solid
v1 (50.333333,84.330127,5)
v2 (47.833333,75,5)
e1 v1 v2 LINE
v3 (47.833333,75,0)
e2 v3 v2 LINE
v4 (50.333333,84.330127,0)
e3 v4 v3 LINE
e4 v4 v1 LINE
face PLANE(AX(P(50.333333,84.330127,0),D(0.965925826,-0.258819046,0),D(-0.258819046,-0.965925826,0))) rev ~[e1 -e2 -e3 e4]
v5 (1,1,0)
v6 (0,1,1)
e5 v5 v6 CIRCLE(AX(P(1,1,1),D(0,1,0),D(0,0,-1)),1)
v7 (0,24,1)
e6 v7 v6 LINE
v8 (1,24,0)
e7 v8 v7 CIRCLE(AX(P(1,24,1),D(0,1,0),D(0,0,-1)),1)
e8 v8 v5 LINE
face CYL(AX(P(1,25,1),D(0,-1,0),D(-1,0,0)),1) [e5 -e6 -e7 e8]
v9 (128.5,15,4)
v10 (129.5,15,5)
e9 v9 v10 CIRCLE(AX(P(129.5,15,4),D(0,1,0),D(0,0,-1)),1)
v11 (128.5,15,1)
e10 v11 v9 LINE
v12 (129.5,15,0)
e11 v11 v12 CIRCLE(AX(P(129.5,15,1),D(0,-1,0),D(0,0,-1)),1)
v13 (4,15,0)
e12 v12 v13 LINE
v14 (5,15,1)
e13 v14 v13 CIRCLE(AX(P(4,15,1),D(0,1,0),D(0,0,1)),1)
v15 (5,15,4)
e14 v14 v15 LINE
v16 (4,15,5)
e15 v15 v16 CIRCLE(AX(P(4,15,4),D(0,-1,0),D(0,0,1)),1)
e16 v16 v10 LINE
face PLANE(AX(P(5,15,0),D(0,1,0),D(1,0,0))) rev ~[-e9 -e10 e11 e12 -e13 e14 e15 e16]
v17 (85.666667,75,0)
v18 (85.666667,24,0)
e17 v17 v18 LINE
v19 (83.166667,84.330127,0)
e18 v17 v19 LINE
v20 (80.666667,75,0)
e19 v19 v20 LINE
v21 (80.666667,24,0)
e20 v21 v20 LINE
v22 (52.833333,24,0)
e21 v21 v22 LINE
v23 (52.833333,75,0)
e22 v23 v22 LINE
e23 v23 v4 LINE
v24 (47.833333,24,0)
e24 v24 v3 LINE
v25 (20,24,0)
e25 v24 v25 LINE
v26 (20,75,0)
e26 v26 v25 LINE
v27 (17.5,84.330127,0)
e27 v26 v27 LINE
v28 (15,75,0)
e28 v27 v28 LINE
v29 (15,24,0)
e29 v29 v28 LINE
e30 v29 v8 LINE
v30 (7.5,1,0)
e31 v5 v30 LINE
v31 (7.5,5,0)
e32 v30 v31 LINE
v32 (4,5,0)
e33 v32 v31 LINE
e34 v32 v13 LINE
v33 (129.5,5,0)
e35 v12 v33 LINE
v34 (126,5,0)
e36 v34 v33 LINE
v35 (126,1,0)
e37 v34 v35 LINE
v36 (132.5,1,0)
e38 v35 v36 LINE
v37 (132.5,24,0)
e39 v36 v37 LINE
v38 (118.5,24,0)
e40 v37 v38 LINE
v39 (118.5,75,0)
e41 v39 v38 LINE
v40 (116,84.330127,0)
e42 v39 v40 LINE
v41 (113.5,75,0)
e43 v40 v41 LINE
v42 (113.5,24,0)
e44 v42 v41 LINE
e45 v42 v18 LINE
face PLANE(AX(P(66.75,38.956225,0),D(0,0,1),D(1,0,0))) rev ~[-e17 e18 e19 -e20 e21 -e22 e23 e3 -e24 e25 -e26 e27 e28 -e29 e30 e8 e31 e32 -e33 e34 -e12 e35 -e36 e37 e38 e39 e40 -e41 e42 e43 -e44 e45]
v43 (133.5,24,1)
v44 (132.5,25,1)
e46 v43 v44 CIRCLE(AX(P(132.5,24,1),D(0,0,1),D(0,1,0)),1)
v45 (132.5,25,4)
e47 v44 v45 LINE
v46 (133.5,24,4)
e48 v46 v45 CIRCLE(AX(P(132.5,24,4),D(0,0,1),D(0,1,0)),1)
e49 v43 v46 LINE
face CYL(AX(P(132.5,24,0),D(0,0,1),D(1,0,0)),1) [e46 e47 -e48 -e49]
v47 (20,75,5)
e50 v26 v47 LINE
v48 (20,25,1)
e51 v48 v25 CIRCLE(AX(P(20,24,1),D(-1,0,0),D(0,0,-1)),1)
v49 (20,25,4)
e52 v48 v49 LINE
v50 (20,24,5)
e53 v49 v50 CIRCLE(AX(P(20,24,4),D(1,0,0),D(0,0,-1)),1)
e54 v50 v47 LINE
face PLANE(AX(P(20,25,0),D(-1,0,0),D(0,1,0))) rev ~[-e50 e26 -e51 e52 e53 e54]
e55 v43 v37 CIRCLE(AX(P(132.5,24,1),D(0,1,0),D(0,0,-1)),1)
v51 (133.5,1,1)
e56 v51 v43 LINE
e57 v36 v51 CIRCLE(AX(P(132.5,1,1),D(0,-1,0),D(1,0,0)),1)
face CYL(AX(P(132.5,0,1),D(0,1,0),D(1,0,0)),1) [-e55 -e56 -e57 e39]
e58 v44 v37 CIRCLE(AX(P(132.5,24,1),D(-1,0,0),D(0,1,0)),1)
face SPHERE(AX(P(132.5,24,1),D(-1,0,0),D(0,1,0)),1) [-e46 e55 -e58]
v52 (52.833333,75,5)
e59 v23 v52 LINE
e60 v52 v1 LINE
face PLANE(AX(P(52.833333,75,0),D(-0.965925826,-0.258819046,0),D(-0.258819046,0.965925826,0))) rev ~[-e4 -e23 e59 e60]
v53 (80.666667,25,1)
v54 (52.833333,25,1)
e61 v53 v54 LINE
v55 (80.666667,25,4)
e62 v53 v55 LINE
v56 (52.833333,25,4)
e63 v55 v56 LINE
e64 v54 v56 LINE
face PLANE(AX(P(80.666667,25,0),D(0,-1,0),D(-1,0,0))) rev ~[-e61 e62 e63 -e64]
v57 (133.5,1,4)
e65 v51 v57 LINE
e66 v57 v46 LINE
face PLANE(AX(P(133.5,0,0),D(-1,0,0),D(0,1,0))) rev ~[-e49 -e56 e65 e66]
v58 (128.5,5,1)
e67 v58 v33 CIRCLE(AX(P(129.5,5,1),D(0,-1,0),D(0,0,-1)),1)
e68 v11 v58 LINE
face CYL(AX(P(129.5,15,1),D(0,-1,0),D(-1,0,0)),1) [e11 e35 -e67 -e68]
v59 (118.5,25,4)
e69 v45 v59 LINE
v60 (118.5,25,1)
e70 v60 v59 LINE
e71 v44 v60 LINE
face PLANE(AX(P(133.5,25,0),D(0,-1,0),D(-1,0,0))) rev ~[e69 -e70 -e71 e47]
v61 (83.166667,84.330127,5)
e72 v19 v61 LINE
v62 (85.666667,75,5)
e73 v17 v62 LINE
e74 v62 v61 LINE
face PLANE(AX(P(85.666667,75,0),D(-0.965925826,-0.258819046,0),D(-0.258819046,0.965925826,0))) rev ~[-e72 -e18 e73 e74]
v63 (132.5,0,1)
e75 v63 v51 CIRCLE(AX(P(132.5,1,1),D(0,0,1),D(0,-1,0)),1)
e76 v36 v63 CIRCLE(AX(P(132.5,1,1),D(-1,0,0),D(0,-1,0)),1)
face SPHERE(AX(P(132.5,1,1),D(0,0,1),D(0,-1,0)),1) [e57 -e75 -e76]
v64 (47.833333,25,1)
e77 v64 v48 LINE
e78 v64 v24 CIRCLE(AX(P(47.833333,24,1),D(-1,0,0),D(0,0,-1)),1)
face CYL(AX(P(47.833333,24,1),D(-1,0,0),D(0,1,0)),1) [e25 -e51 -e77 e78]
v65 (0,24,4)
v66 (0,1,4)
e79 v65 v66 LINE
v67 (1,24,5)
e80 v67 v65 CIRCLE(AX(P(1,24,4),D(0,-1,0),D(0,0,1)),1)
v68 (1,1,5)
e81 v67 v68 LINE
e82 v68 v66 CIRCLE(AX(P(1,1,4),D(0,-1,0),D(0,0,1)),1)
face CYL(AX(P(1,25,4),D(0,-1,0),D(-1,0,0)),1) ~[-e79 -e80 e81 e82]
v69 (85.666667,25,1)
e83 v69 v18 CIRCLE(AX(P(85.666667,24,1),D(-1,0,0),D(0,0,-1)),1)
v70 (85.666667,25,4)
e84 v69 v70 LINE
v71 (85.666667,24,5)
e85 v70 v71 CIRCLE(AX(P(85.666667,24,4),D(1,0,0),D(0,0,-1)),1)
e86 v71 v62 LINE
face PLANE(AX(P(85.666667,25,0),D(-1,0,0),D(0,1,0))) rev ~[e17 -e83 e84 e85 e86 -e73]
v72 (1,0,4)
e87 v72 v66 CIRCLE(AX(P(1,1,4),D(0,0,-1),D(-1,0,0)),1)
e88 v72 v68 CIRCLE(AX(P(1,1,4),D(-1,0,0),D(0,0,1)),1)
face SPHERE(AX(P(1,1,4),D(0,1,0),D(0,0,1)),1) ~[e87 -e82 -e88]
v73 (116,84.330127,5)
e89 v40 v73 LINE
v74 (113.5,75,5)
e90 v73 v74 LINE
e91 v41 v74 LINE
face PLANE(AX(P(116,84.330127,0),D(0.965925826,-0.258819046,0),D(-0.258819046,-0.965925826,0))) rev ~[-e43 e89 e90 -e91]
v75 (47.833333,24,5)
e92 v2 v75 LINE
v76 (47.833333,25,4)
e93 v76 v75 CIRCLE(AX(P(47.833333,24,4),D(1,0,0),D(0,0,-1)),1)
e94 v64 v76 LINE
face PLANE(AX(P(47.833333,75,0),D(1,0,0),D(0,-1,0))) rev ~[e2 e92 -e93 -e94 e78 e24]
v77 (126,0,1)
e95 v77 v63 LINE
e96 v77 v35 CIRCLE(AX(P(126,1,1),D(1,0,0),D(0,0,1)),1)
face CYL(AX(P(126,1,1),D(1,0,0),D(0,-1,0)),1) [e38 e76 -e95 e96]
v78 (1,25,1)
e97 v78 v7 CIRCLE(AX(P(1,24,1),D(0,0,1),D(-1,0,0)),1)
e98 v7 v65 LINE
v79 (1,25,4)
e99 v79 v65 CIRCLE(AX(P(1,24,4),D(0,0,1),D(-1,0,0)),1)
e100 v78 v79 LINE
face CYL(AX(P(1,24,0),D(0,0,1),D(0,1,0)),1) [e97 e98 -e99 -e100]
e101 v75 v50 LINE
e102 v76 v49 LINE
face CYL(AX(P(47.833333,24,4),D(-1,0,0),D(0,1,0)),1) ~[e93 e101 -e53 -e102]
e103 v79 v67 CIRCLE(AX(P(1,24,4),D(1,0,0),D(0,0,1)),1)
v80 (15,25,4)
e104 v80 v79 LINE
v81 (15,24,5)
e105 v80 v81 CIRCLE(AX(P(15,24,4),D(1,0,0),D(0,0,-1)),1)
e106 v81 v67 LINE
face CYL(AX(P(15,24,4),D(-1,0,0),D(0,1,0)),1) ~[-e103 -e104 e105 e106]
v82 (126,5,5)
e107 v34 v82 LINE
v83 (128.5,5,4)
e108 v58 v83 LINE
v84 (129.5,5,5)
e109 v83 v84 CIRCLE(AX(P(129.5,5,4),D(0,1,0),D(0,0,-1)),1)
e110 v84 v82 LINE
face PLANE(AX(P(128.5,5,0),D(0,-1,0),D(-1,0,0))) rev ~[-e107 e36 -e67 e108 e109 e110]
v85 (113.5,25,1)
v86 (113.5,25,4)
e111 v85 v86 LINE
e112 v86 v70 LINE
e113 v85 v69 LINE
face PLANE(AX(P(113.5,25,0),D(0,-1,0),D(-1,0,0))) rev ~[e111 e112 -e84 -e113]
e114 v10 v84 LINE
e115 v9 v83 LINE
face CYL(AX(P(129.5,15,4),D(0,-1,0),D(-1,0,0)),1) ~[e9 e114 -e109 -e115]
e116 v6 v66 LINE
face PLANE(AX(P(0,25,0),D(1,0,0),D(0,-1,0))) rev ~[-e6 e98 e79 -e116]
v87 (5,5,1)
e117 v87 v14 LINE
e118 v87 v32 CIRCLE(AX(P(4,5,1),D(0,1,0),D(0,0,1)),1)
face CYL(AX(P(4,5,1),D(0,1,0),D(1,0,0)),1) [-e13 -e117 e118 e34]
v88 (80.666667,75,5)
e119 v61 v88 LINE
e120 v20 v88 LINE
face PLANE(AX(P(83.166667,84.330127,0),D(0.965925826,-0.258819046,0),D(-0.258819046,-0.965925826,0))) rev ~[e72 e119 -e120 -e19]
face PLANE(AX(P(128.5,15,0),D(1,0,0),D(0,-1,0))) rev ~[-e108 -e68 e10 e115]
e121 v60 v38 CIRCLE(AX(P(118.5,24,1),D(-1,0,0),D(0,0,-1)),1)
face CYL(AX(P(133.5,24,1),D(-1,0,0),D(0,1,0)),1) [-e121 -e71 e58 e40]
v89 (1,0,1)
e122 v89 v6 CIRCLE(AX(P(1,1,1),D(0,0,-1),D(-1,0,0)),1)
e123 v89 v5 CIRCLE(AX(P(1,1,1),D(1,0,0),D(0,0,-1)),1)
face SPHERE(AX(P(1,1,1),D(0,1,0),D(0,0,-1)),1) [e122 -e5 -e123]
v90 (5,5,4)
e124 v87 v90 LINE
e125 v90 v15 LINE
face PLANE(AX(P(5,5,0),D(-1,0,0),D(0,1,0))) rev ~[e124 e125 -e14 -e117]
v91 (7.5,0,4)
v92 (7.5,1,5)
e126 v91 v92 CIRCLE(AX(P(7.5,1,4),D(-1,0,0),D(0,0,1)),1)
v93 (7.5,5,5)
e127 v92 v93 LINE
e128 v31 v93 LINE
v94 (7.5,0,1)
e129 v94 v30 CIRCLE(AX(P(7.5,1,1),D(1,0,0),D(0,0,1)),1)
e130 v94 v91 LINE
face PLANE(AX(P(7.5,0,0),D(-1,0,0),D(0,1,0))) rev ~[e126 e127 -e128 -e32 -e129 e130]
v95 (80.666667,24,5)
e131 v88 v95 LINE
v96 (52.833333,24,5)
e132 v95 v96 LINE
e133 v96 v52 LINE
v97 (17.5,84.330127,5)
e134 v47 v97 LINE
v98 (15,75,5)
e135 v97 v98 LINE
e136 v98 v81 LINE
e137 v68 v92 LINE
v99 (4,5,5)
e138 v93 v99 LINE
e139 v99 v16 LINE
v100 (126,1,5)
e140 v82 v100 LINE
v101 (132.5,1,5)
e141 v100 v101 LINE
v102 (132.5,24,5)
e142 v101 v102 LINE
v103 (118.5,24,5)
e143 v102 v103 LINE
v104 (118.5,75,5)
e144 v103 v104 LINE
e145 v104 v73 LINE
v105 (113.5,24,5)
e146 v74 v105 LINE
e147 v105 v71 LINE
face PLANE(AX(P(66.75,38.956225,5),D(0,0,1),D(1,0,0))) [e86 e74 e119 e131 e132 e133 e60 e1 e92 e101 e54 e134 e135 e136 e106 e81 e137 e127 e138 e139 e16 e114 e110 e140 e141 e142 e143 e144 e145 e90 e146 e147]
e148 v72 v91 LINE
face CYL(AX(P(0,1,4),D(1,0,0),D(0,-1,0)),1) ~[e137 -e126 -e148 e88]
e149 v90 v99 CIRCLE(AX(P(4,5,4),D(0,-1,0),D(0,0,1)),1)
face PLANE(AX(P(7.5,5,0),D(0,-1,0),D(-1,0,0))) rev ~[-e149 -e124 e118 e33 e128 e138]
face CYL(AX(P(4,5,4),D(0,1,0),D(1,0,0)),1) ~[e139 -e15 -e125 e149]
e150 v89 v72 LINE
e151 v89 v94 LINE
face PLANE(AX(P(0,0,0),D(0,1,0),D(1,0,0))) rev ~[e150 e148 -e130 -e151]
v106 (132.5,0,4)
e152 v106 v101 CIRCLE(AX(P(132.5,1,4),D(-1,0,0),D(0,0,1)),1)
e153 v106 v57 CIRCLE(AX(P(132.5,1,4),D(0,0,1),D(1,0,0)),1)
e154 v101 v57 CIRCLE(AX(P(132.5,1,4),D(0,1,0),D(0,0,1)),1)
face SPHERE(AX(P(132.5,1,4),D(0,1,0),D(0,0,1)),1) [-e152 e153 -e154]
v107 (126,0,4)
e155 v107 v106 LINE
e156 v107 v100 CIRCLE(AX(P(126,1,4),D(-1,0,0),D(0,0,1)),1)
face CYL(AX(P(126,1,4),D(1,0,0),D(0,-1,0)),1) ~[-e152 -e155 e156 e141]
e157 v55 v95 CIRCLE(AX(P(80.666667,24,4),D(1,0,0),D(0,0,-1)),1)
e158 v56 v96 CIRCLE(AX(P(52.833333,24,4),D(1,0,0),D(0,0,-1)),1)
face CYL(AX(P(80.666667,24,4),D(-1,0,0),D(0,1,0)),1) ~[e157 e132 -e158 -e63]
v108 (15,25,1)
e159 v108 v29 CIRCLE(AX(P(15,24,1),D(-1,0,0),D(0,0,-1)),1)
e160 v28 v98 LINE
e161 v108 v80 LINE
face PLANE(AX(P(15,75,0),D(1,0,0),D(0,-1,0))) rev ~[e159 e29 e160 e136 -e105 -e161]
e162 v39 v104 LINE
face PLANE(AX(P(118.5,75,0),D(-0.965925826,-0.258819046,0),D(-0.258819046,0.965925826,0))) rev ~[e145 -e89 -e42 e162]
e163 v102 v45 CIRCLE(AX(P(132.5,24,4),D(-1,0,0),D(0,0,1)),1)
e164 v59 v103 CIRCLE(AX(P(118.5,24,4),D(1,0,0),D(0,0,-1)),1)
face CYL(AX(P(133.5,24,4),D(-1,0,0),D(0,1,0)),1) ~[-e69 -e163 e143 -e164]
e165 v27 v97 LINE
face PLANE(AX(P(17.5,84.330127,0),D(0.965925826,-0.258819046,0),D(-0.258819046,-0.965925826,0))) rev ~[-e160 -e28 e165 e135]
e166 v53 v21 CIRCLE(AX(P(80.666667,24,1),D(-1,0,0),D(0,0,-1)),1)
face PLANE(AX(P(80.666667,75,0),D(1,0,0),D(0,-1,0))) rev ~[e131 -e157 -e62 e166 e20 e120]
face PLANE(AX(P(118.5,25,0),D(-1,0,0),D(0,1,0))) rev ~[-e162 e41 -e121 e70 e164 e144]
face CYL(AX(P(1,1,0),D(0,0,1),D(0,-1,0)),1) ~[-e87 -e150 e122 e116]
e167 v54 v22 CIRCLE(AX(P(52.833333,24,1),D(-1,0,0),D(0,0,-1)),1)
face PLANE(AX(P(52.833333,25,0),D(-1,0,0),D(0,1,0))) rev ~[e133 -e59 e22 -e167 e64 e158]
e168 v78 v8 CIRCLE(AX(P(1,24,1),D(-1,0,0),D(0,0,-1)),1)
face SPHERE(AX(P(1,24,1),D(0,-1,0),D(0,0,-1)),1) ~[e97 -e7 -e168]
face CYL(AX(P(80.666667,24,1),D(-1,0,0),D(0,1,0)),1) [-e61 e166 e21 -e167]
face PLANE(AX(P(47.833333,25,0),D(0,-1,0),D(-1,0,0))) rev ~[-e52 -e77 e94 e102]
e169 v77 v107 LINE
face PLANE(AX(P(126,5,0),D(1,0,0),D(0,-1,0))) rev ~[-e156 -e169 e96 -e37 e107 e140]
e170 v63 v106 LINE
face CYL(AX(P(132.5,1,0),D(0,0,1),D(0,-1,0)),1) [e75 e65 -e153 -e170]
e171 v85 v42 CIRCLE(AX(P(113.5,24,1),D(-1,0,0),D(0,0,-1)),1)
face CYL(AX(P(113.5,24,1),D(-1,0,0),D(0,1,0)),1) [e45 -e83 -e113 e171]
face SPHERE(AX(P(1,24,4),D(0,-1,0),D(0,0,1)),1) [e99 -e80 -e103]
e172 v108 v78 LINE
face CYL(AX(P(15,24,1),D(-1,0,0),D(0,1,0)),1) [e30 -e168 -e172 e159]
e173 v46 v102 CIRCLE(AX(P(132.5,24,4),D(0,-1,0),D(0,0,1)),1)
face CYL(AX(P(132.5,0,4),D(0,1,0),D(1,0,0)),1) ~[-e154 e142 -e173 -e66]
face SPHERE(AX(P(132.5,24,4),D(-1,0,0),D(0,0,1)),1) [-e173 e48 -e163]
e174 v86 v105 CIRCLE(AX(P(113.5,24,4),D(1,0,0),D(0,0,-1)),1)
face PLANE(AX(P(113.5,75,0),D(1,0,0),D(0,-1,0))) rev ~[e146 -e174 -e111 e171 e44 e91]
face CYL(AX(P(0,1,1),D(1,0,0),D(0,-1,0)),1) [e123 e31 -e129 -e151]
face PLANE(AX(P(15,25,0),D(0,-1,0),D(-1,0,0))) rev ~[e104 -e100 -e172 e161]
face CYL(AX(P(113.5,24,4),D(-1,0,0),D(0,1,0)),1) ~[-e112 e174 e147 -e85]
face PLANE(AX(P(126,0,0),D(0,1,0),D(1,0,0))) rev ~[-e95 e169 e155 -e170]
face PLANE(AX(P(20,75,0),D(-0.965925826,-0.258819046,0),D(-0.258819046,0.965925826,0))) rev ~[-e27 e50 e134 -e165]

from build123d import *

# Parameters (mm, degrees)
PAD_DEPTH = 5
FILLET_R  = 1


with BuildPart() as part:
    # Sketch → Pad (new body)
    with BuildSketch(Plane.XY):
        Polygon((0, 0), (7.5, 0), (7.5, 5), (5, 5), (5, 15), (128.5, 15), (128.5, 5), (126, 5), (126, 0), (133.5, 0), (133.5, 25), (118.5, 25), (118.5, 75), (116, 84.330127), (113.5, 75), (113.5, 25), (85.666667, 25), (85.666667, 75), (83.166667, 84.330127), (80.666667, 75), (80.666667, 25), (52.833333, 25), (52.833333, 75), (50.333333, 84.330127), (47.833333, 75), (47.833333, 25), (20, 25), (20, 75), (17.5, 84.330127), (15, 75), (15, 25), (0, 25), align=None)
    extrude(amount=PAD_DEPTH)

    # Fillet
    fillet_edges = [part.edges().sort_by_distance(p)[0] for p in [
        (0, 12.5, 5),
        (0, 12.5, 0),
        (3.75, 0, 5),
        (3.75, 0, 0),
        (7.5, 25, 5),
        (33.916667, 25, 5),
        (66.75, 25, 5),
        (99.583333, 25, 5),
        (126, 25, 5),
        (133.5, 12.5, 5),
        (129.75, 0, 5),
        (133.5, 0, 2.5),
        (129.75, 0, 0),
        (0, 0, 2.5),
        (7.5, 25, 0),
        (33.916667, 25, 0),
        (66.75, 25, 0),
        (99.583333, 25, 0),
        (126, 25, 0),
        (133.5, 25, 2.5),
        (133.5, 12.5, 0),
        (0, 25, 2.5),
        (128.5, 10, 0),
        (128.5, 10, 5),
        (5, 10, 0),
        (5, 10, 5),
    ]]
    fillet(fillet_edges, radius=FILLET_R)


solid = part.part
